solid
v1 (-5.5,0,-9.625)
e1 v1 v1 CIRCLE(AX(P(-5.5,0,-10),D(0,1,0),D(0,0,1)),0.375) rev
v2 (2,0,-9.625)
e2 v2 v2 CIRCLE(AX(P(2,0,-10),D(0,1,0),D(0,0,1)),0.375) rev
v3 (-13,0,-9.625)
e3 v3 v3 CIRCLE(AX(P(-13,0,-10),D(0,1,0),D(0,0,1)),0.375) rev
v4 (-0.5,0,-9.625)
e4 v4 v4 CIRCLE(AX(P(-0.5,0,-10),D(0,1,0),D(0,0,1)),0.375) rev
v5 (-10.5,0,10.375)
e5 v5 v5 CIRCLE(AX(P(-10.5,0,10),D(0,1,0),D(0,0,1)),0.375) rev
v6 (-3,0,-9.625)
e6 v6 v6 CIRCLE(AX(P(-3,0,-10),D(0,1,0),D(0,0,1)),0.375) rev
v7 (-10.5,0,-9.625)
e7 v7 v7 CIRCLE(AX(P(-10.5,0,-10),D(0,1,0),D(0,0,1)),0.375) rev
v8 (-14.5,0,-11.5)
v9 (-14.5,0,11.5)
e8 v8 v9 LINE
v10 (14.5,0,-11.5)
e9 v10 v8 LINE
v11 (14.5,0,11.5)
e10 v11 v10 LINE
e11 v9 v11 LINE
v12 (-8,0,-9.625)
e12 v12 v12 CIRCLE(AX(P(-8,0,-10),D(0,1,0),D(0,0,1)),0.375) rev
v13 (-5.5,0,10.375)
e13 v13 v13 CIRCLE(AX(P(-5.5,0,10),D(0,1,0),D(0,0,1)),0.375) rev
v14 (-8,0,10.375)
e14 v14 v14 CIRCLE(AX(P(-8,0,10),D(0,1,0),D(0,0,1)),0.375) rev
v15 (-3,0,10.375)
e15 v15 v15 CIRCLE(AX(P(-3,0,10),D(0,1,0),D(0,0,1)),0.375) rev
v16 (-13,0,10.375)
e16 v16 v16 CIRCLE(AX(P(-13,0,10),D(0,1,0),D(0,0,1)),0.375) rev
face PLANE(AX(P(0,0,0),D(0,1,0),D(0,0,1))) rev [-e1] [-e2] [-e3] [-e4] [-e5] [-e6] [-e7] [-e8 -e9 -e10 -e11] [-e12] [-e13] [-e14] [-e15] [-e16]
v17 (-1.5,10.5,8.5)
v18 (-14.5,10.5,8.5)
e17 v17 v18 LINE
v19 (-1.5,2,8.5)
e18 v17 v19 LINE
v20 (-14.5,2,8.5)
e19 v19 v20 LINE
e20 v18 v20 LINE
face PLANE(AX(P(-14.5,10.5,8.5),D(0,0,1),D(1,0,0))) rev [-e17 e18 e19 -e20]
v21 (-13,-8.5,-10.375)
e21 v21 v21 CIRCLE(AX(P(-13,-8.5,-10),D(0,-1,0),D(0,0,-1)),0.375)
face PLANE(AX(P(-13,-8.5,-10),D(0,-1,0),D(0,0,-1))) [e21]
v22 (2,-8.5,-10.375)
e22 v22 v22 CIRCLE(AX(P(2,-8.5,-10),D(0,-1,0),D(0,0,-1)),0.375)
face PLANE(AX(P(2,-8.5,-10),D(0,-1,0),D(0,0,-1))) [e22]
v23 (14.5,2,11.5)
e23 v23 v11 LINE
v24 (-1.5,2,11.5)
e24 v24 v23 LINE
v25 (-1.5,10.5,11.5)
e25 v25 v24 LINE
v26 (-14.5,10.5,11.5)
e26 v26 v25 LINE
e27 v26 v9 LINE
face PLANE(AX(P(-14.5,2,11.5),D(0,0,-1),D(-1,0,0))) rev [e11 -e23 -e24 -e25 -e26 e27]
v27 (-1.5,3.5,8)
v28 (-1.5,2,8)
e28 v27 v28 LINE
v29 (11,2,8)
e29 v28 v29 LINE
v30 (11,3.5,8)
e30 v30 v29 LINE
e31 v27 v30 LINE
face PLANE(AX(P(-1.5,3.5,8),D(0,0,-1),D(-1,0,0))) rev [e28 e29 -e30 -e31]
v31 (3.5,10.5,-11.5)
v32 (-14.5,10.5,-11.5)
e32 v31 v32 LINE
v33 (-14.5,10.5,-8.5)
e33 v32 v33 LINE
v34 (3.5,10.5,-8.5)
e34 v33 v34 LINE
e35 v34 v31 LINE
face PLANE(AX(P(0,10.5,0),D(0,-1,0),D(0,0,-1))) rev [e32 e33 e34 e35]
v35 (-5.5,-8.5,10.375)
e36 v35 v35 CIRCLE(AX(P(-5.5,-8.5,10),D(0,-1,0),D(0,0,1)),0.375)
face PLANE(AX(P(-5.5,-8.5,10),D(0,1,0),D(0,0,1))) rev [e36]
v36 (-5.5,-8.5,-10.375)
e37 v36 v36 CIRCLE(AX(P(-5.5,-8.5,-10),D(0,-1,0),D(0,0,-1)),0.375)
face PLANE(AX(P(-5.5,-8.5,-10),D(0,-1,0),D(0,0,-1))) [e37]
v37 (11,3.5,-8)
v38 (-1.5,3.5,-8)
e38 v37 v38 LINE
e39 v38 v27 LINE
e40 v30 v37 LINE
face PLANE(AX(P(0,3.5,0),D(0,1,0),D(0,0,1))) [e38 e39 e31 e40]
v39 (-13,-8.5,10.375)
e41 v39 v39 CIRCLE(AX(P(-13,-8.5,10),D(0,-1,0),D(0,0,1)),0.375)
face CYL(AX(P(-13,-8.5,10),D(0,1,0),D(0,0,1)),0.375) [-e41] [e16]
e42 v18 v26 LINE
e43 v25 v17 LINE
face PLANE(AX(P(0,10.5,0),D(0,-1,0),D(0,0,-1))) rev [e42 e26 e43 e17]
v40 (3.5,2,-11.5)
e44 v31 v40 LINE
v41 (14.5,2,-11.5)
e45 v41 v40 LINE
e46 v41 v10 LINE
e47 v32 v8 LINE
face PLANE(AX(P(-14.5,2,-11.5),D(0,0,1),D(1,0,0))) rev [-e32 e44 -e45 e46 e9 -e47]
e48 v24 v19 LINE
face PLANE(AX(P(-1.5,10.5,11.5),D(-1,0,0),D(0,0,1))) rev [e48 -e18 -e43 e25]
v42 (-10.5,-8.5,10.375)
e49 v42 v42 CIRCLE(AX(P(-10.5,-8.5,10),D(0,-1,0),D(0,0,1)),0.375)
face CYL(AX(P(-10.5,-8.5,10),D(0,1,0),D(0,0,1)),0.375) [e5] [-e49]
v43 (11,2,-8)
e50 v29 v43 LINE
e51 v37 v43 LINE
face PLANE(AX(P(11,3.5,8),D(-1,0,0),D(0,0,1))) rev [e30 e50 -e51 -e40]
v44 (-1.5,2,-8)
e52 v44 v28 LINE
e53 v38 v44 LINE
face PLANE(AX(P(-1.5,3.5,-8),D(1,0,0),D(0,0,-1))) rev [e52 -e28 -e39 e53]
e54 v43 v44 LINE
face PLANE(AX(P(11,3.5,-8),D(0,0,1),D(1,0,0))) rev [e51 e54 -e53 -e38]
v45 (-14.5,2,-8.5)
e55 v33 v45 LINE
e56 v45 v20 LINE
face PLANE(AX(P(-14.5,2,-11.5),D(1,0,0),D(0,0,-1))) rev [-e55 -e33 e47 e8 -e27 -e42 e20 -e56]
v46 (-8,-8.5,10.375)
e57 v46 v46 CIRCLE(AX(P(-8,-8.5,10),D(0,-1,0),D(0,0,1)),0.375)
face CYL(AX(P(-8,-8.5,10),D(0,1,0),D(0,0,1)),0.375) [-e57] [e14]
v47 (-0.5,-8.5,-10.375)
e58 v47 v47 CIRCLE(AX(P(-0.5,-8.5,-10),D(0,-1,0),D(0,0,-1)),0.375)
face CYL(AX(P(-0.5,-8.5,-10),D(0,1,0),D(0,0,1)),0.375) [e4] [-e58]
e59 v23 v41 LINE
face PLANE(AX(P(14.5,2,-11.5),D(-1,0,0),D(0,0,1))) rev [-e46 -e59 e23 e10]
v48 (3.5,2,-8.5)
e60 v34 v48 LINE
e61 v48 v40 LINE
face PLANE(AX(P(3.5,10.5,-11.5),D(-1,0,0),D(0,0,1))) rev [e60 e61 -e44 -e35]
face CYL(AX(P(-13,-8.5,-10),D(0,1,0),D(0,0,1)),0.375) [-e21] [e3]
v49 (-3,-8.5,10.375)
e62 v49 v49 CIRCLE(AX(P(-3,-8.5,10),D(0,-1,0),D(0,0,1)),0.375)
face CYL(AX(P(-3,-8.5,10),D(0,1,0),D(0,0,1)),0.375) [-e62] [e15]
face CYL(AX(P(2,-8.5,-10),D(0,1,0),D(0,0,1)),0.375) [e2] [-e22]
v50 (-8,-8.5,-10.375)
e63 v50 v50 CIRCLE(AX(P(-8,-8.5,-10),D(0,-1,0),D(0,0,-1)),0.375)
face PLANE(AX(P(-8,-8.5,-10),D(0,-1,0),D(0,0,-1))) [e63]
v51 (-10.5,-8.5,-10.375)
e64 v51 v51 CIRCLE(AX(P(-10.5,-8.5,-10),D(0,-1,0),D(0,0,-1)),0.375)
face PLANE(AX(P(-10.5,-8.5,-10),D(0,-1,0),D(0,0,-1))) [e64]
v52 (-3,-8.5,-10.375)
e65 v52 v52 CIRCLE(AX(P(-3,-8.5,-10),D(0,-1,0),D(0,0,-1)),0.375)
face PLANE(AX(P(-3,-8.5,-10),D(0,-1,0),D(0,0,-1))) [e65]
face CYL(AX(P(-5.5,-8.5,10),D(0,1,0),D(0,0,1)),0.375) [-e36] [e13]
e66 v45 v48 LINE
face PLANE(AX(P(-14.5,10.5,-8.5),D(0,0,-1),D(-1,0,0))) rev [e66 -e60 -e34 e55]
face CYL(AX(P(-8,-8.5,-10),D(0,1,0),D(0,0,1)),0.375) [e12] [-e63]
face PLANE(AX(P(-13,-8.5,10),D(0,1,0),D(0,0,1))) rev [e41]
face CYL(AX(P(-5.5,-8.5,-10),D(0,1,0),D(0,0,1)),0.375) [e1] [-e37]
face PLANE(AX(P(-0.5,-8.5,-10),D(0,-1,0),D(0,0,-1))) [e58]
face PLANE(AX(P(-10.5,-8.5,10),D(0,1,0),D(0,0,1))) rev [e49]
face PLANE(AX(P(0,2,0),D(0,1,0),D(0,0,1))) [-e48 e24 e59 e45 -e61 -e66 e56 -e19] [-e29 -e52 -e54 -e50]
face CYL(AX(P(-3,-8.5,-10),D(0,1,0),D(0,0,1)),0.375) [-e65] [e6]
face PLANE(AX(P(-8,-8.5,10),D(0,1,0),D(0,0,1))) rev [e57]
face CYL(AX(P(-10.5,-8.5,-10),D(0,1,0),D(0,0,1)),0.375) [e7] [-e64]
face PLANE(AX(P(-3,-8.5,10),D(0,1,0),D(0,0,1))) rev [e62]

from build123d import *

# Parameters (mm, degrees)
SKETCH1_W           = 29
SKETCH1_H           = 23
BOSS_EXTRUDE1_DEPTH = 2
SKETCH2_W           = 13
SKETCH2_H           = 3
SKETCH2_W_2         = 18
BOSS_EXTRUDE2_DEPTH = 8.5
SKETCH3_R           = 0.375
BOSS_EXTRUDE3_DEPTH = 8.5
SKETCH5_W           = 12.5
SKETCH5_H           = 16
BOSS_EXTRUDE4_DEPTH = 1.5


with BuildPart() as part:
    # Sketch1 → Boss-Extrude1 (new body)
    with BuildSketch(Plane(origin=(0, 0, 0), x_dir=(1, 0, 0), z_dir=(0, 1, 0))):
        Rectangle(SKETCH1_W, SKETCH1_H)
    extrude(amount=BOSS_EXTRUDE1_DEPTH)

    # Sketch2 → Boss-Extrude2 (add)
    with BuildSketch(Plane(origin=(0, 2, 0), x_dir=(1, 0, 0), z_dir=(0, 1, 0))):
        with Locations((-8, -10)):
            Rectangle(SKETCH2_W, SKETCH2_H)
        with Locations((-5.5, 10)):
            Rectangle(SKETCH2_W_2, SKETCH2_H)
    extrude(amount=BOSS_EXTRUDE2_DEPTH)

    # Sketch3 → Boss-Extrude3 (add)
    with BuildSketch(Plane.XZ):
        with Locations(Location((2, -10, 0), (0, 0, 90))):
            Circle(SKETCH3_R)
        with Locations(Location((-0.5, -10, 0), (0, 0, 90))):
            Circle(SKETCH3_R)
        with Locations(Location((-3, -10, 0), (0, 0, 90))):
            Circle(SKETCH3_R)
        with Locations(Location((-5.5, -10, 0), (0, 0, 90))):
            Circle(SKETCH3_R)
        with Locations(Location((-8, -10, 0), (0, 0, 90))):
            Circle(SKETCH3_R)
        with Locations(Location((-3, 10, 0), (0, 0, 90))):
            Circle(SKETCH3_R)
        with Locations(Location((-5.5, 10, 0), (0, 0, 90))):
            Circle(SKETCH3_R)
        with Locations(Location((-8, 10, 0), (0, 0, 90))):
            Circle(SKETCH3_R)
        with Locations(Location((-10.5, 10, 0), (0, 0, 90))):
            Circle(SKETCH3_R)
        with Locations(Location((-13, 10, 0), (0, 0, 90))):
            Circle(SKETCH3_R)
        with Locations(Location((-10.5, -10, 0), (0, 0, 90))):
            Circle(SKETCH3_R)
        with Locations(Location((-13, -10, 0), (0, 0, 90))):
            Circle(SKETCH3_R)
    extrude(amount=BOSS_EXTRUDE3_DEPTH)

    # Sketch5 → Boss-Extrude4 (add)
    with BuildSketch(Plane(origin=(0, 2, 0), x_dir=(1, 0, 0), z_dir=(0, 1, 0))):
        with Locations((4.75, 0)):
            Rectangle(SKETCH5_W, SKETCH5_H)
    extrude(amount=BOSS_EXTRUDE4_DEPTH)


solid = part.part
